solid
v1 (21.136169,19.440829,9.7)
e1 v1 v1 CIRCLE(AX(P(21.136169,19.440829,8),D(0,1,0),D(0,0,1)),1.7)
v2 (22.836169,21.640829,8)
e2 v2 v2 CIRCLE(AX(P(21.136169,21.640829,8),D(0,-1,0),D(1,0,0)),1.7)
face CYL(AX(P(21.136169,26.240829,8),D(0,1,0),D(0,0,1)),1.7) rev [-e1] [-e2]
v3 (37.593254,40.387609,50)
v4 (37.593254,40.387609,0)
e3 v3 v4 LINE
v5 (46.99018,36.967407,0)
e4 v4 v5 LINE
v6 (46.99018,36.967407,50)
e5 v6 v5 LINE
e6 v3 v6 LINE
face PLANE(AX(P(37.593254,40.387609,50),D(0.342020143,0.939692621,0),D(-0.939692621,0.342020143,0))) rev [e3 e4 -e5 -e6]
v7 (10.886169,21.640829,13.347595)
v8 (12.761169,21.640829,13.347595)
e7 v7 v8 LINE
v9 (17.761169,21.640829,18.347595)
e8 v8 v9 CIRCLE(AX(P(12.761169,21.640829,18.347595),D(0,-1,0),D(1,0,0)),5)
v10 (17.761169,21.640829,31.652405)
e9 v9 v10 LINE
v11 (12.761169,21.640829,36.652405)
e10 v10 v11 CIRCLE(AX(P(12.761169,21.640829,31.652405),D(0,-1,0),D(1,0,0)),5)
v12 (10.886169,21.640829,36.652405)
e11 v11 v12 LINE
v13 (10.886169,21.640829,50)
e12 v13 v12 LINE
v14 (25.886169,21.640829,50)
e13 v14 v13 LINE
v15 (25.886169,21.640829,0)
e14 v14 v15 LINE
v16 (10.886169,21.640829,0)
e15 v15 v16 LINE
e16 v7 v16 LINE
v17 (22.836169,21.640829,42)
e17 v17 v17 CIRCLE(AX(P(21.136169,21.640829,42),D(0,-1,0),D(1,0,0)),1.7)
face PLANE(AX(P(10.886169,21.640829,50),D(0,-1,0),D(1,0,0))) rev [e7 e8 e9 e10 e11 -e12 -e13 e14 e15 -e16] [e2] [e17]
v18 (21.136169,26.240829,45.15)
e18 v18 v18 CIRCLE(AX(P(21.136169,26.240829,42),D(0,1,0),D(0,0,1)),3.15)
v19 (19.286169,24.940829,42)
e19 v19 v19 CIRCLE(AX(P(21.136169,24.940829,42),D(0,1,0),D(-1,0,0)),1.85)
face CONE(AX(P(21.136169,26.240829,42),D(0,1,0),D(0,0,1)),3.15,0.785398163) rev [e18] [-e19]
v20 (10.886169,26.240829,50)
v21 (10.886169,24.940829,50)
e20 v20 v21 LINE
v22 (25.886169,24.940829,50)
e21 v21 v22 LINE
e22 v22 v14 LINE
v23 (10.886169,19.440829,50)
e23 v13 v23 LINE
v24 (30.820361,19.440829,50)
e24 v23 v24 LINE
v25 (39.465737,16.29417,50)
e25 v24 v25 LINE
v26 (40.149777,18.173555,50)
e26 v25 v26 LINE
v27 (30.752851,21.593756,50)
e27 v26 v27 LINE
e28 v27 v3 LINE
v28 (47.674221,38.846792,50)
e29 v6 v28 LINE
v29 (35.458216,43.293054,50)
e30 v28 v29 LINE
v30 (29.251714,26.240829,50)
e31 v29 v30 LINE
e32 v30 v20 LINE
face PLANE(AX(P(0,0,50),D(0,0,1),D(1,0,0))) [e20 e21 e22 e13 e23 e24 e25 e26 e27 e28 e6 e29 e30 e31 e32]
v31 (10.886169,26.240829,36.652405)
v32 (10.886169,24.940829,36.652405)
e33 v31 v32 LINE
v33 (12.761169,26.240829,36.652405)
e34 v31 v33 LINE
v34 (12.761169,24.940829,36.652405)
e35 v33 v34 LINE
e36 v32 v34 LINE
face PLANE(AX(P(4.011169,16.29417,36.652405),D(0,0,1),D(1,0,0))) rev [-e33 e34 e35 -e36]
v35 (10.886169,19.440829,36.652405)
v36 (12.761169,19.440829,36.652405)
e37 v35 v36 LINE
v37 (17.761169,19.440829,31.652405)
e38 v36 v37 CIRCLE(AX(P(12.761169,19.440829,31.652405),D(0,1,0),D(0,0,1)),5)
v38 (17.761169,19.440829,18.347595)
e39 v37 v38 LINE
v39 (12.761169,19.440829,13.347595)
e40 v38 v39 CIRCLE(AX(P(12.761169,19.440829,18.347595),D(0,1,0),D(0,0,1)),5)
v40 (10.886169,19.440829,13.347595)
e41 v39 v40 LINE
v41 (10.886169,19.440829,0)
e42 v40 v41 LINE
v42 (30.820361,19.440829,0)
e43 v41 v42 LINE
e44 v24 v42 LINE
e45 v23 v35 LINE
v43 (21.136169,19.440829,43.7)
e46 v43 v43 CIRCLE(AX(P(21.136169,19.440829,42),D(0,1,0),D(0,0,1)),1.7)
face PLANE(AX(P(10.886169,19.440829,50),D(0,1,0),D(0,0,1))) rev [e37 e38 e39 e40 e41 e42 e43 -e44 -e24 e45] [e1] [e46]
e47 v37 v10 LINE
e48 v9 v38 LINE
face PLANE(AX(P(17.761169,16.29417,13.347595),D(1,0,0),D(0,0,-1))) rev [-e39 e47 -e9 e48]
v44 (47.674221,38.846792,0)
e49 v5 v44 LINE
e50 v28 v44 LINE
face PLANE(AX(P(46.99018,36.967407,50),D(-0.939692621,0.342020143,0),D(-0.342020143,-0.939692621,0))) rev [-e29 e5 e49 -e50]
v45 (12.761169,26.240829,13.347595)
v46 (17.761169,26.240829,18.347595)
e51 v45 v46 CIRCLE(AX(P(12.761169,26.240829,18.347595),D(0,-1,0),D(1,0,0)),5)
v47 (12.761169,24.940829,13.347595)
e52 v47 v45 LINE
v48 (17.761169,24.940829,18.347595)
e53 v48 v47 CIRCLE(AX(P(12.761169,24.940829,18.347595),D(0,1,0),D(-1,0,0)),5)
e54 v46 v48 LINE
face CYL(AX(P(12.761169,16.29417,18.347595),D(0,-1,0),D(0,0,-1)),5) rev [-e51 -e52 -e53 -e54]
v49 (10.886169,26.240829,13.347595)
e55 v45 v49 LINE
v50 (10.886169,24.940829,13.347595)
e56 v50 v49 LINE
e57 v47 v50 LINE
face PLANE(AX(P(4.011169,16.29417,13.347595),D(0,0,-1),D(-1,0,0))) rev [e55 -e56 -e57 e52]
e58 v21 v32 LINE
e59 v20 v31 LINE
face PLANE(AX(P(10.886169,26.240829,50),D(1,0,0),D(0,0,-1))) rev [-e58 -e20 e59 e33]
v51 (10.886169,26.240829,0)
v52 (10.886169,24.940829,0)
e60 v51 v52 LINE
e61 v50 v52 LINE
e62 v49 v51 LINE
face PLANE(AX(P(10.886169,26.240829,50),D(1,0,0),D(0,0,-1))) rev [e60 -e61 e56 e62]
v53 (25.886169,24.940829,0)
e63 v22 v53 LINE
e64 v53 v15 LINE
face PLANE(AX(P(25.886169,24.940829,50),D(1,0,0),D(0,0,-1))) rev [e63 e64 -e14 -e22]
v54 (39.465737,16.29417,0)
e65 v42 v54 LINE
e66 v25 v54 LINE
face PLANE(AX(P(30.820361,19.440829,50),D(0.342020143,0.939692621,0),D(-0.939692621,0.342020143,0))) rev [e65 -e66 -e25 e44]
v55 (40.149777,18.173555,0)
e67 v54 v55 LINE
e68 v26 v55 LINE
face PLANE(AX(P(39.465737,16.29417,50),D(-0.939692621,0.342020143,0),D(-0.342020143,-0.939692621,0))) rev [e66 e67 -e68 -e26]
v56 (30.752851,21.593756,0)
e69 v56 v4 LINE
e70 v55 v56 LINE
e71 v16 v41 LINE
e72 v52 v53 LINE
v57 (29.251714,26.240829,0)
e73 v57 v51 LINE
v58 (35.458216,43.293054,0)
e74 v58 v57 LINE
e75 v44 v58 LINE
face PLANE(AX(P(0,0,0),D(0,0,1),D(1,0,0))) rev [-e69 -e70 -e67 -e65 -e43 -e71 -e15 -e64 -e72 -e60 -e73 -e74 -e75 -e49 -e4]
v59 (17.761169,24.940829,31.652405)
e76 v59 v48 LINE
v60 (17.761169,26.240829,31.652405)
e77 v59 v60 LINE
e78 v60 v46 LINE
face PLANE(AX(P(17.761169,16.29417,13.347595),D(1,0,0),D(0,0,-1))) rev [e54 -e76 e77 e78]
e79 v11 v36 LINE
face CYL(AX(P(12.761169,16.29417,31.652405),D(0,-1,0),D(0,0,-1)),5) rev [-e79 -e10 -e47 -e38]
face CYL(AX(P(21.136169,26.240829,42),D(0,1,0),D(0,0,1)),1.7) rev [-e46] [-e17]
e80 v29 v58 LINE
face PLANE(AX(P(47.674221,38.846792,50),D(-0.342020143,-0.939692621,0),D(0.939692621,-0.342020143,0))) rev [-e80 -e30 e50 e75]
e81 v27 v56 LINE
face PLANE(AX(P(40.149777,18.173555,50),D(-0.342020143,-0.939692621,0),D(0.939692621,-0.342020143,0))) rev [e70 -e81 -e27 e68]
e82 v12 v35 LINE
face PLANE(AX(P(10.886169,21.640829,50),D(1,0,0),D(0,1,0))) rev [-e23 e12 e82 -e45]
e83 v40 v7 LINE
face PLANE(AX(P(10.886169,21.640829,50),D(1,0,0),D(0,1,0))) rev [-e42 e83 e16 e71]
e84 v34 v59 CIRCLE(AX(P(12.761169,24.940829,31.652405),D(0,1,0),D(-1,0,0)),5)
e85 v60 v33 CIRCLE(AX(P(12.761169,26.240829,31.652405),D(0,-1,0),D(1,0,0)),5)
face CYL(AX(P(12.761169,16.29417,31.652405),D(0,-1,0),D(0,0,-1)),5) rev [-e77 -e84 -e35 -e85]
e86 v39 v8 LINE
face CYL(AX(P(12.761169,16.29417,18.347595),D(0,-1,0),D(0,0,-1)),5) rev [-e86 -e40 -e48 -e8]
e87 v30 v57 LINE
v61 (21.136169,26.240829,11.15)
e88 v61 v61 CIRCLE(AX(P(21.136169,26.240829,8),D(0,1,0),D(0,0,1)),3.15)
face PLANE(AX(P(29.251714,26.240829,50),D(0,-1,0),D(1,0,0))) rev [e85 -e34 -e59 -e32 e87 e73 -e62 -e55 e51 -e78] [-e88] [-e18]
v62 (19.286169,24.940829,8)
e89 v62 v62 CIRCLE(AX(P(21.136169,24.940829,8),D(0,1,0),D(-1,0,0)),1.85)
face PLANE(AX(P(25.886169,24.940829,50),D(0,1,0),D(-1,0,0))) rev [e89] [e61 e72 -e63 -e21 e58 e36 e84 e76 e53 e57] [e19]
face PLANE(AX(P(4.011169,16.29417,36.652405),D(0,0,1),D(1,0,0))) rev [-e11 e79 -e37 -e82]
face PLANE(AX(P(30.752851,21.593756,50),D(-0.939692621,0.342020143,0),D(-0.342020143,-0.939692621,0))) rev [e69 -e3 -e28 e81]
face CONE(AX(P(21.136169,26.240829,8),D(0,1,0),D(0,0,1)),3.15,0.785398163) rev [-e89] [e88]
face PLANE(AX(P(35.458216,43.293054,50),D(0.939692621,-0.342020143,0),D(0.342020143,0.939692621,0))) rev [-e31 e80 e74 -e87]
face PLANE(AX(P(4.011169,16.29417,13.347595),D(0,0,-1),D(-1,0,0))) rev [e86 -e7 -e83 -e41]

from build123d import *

# Parameters (mm, degrees)
DAMPINGBRACKETGEOMETRY_DEPTH                    = 50
CSK_FOR_M3_FLAT_HEAD_MACHINE_SCREW1_D           = 3.4
CSK_FOR_M3_FLAT_HEAD_MACHINE_SCREW1_CSINK_D     = 6.3
CSK_FOR_M3_FLAT_HEAD_MACHINE_SCREW1_CSINK_ANGLE = 90
SKETCH5_W                                       = 13.75
SKETCH5_H                                       = 23.30481037
CUT_EXTRUDE1_DEPTH                              = 72.15904504
FILLET1_R                                       = 5


with BuildPart() as part:
    # Sketch1 → DampingBracketGeometry (new body)
    with BuildSketch(Plane.XY):
        Polygon((10.886169422, 19.440829014), (30.820361381, 19.440829014), (39.465737075, 16.294169597), (40.149777362, 18.173554838), (30.752851154, 21.593756272), (37.593254021, 40.387608687), (46.990180228, 36.967407254), (47.674220515, 38.846792496), (35.458216445, 43.293054359), (29.251713991, 26.240829014), (10.886169422, 26.240829014), (10.886169422, 24.940829014), (25.886169422, 24.940829014), (25.886169422, 21.640829014), (10.886169422, 21.640829014), align=None)
    extrude(amount=DAMPINGBRACKETGEOMETRY_DEPTH)

    # CSK for M3 Flat Head Machine Screw1 (through all)
    with Locations(Plane(origin=(0, 26.240829014, 0), x_dir=(1, 0, 0), z_dir=(0, 1, 0))):
        with Locations((21.136169422, -8), (21.136169422, -42)):
            CounterSinkHole(CSK_FOR_M3_FLAT_HEAD_MACHINE_SCREW1_D / 2, CSK_FOR_M3_FLAT_HEAD_MACHINE_SCREW1_CSINK_D / 2, counter_sink_angle=CSK_FOR_M3_FLAT_HEAD_MACHINE_SCREW1_CSINK_ANGLE)

    # Sketch5 → Cut-Extrude1 (cut, through all)
    with BuildSketch(Plane(origin=(0, 26.240829014, 0), x_dir=(1, 0, 0), z_dir=(0, 1, 0))):
        with Locations((10.886169422, -25)):
            Rectangle(SKETCH5_W, SKETCH5_H)
    extrude(amount=-CUT_EXTRUDE1_DEPTH, mode=Mode.SUBTRACT)

    # Fillet1
    fillet1_edges = [part.edges().sort_by_distance(p)[0] for p in [
        (17.761169422, 20.540829014, 13.347594815),
        (17.761169422, 25.590829014, 13.347594815),
        (17.761169422, 25.590829014, 36.652405185),
        (17.761169422, 20.540829014, 36.652405185),
    ]]
    fillet(fillet1_edges, radius=FILLET1_R)


solid = part.part
